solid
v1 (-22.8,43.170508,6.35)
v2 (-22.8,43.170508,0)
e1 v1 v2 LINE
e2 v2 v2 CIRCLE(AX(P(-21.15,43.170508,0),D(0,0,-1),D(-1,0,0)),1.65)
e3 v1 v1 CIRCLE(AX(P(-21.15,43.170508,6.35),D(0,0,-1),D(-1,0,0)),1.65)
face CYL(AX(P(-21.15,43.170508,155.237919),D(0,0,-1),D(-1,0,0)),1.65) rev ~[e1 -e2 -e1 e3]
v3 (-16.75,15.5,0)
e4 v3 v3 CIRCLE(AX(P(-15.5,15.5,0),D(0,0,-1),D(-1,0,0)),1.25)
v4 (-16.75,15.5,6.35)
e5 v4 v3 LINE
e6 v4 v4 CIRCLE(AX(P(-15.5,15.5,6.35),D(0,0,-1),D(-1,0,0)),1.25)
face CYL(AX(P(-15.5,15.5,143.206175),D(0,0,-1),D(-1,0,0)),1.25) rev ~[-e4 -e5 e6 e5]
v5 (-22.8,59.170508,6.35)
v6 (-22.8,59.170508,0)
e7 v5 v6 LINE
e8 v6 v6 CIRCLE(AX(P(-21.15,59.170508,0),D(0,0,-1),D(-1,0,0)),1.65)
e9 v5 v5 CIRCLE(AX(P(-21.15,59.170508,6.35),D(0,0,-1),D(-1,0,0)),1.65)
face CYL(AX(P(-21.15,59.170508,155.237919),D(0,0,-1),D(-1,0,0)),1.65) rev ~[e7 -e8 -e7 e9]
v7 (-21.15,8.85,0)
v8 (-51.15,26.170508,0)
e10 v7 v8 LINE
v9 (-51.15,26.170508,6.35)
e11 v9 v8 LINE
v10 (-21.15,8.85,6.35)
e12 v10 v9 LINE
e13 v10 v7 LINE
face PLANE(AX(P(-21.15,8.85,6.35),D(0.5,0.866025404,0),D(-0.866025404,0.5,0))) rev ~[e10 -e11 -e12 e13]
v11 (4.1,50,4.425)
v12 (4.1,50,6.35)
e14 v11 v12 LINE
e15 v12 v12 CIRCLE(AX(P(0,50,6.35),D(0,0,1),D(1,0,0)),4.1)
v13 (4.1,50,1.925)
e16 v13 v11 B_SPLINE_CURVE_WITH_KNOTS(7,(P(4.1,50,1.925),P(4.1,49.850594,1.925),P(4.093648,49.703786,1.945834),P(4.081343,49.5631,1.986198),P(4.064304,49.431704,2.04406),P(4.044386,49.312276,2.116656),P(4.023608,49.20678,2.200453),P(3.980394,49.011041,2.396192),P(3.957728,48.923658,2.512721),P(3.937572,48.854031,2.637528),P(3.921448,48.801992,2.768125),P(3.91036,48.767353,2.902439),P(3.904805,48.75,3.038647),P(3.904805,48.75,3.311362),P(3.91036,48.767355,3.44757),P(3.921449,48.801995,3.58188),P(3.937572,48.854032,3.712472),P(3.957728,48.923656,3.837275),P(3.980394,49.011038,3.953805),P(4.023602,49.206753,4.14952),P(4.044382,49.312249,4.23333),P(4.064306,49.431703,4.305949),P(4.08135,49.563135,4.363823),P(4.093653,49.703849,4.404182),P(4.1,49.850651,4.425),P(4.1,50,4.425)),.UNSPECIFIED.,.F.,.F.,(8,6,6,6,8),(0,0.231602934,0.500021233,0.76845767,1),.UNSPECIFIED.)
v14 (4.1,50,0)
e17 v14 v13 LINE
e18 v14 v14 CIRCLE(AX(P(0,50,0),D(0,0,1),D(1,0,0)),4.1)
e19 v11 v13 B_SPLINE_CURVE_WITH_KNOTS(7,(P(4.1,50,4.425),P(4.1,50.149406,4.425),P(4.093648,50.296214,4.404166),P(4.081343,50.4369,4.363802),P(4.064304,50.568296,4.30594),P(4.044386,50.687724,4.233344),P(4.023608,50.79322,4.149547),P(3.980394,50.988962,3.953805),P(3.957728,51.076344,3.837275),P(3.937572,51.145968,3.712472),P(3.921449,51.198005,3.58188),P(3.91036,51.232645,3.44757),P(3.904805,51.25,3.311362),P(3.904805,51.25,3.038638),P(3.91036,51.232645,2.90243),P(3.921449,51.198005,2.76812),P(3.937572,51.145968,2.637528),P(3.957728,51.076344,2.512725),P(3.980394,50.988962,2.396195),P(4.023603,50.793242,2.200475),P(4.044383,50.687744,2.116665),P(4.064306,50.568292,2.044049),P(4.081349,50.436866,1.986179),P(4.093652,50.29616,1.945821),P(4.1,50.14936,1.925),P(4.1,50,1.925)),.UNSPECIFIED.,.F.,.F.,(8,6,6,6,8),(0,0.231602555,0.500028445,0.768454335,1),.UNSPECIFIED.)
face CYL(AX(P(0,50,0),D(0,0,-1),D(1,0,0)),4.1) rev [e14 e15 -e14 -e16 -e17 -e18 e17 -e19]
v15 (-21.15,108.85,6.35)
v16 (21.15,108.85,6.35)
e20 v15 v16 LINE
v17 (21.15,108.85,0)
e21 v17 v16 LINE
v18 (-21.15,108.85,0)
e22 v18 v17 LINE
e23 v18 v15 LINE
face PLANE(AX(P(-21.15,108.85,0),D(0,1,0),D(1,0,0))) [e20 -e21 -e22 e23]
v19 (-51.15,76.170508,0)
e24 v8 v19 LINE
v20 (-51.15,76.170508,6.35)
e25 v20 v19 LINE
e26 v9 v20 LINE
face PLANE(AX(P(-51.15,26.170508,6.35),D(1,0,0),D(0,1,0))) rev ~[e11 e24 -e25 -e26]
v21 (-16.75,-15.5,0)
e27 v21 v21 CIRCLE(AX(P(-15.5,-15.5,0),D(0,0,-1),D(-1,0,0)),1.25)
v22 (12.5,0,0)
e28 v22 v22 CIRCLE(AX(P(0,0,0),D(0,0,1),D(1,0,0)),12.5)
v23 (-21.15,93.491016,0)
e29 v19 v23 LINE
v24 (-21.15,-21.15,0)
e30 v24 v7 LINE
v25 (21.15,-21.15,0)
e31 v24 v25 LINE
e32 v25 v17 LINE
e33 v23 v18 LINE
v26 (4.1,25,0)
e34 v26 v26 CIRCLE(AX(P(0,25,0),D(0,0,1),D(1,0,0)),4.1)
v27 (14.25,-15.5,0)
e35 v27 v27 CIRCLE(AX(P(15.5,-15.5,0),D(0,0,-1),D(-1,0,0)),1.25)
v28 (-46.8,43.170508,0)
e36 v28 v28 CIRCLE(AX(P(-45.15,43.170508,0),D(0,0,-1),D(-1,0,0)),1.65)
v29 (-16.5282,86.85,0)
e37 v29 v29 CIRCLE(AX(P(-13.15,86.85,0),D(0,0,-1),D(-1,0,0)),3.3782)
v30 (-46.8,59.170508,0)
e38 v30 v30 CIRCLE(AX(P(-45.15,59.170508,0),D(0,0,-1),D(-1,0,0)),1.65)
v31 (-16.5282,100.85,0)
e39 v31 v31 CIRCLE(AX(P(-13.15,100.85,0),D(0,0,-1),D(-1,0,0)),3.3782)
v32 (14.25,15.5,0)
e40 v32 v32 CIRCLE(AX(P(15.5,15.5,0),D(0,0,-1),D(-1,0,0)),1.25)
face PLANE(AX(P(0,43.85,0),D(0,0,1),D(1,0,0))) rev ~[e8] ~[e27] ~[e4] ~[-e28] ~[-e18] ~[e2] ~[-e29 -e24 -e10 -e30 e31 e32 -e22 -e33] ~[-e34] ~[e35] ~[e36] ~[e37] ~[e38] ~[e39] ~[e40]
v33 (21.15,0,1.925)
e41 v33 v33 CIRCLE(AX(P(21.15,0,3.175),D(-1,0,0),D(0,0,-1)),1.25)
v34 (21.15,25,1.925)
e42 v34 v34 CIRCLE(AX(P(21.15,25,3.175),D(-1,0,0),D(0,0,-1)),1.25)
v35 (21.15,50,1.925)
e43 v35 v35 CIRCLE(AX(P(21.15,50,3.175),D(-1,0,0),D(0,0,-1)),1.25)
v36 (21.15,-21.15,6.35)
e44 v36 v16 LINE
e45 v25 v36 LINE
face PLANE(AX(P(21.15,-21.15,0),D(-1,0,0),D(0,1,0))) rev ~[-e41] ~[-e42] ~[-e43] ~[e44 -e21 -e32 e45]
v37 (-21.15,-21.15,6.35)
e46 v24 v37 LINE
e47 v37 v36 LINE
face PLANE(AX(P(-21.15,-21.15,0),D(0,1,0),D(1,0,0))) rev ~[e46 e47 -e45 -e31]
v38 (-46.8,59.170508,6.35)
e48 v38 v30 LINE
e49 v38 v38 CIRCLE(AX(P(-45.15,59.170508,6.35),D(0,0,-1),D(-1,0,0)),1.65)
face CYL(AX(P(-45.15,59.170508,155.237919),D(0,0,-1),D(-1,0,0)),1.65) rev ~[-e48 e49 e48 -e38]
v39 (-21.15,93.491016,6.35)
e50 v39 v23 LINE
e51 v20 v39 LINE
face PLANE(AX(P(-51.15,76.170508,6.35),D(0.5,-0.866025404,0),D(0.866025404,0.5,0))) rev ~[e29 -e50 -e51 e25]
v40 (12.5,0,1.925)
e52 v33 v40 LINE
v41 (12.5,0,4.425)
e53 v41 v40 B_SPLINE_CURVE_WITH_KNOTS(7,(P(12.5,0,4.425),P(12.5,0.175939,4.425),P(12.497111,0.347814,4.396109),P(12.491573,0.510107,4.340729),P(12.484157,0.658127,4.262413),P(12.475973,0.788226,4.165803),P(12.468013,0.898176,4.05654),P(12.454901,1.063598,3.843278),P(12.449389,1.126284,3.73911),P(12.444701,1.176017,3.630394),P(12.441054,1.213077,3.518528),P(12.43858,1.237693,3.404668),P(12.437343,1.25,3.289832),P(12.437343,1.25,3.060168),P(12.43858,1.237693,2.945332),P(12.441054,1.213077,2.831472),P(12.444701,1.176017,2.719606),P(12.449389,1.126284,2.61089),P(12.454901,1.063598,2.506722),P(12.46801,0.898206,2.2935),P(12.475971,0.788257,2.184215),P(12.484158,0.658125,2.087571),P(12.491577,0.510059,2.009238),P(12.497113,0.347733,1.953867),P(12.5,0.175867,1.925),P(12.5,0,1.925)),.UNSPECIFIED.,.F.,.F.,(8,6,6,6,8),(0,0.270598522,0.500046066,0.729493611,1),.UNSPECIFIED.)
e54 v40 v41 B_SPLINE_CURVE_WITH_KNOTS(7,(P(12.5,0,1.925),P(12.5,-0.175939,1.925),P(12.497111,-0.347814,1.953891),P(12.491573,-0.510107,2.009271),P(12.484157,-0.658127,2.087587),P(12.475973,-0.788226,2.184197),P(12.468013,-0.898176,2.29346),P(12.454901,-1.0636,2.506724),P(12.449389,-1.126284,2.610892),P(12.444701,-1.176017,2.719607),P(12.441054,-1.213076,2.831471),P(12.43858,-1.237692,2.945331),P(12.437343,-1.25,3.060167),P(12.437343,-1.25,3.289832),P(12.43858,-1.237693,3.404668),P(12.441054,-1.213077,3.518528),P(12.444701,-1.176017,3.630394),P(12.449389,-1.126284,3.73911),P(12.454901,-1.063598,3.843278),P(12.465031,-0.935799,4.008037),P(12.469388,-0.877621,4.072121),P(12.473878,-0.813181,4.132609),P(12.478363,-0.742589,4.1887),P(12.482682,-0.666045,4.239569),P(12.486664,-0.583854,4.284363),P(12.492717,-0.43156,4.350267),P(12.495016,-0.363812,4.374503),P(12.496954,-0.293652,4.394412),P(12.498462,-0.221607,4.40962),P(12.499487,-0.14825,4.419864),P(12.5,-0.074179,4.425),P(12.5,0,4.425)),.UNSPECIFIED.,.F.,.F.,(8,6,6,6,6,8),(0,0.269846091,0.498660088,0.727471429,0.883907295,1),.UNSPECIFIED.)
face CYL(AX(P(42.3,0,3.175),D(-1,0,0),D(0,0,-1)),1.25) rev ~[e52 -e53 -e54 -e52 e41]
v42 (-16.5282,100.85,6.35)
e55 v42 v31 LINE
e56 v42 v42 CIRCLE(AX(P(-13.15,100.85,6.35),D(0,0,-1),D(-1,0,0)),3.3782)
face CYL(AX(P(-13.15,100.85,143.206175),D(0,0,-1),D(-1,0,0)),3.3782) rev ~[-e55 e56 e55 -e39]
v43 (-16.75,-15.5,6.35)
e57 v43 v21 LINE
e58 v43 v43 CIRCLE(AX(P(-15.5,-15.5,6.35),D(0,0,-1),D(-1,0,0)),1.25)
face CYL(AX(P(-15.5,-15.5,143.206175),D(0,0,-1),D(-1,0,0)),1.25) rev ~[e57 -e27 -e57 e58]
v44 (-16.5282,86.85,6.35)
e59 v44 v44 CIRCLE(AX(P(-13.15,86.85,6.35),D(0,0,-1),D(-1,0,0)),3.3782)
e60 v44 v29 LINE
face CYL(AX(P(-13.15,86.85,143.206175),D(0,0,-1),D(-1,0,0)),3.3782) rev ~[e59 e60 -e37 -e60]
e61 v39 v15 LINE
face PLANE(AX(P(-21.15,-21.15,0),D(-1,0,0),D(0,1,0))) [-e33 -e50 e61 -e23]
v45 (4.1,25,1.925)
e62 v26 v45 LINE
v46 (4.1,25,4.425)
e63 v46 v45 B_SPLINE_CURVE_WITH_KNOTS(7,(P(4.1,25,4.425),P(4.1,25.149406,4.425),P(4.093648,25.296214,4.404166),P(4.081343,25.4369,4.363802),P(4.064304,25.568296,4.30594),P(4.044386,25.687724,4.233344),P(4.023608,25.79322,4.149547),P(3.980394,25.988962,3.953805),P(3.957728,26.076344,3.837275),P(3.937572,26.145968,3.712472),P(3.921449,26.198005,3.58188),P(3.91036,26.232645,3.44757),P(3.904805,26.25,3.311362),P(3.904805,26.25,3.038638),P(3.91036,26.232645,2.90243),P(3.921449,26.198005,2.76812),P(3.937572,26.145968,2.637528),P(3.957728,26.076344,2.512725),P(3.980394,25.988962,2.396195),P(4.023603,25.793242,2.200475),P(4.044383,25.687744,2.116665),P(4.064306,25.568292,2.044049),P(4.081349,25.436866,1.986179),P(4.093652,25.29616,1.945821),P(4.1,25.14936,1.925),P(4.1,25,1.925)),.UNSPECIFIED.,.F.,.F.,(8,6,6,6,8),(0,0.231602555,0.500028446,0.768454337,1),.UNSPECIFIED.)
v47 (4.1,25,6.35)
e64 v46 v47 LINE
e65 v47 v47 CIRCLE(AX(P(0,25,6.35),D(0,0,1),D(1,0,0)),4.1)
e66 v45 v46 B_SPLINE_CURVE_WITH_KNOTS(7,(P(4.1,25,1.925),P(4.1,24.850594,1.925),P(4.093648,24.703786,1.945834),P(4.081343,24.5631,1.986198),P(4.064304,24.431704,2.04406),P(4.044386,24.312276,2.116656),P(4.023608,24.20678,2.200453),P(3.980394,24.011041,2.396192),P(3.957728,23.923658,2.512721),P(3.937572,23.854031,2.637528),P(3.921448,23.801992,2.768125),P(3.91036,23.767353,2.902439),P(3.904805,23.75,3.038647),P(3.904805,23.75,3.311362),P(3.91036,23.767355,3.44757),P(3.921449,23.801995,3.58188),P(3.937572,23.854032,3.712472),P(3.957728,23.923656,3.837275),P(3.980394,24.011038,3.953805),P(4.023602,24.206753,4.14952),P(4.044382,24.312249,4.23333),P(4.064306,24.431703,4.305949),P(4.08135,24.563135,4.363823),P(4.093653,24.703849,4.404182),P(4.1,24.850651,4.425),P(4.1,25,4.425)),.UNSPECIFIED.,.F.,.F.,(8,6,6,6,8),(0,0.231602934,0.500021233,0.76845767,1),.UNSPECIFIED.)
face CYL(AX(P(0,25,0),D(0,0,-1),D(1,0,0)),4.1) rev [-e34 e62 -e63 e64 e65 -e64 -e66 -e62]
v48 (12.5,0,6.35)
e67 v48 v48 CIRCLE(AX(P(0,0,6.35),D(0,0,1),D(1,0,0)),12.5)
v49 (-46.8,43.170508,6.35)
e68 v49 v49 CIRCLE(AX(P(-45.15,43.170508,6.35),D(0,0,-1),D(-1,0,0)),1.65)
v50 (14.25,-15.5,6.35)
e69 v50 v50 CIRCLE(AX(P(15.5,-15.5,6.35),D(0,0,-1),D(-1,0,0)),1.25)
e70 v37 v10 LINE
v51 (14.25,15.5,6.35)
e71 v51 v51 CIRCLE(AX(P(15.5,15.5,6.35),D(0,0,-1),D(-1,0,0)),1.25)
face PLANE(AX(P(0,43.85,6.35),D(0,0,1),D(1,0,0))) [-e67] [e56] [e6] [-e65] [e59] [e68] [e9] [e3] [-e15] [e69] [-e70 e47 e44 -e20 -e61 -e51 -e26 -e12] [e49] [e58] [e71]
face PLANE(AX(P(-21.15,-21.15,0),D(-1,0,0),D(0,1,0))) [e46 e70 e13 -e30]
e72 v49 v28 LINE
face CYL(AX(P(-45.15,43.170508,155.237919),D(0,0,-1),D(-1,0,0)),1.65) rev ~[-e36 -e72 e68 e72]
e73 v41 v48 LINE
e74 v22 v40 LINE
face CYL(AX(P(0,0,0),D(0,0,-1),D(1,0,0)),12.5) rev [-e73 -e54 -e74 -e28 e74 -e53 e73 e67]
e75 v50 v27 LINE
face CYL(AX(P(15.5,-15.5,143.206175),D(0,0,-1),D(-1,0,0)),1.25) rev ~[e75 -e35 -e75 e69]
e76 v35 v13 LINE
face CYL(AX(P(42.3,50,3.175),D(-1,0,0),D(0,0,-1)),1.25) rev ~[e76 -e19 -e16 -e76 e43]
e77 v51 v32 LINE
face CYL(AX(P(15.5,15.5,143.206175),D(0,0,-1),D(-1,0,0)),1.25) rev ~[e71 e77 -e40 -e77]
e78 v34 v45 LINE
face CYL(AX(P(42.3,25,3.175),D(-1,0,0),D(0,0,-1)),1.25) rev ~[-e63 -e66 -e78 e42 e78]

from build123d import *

# Parameters (mm, degrees)
SKETCH2_W                       = 42.3
SKETCH2_H                       = 130
SKETCH2_R                       = 12.5
SKETCH2_R_2                     = 4.1
BOSS_EXTRUDE1_DEPTH             = 6.35
TAP_DRILL_FOR_M3X0_5_TAP1_D     = 2.5
TAP_DRILL_FOR_M3X0_5_TAP1_DEPTH = 21.15
TAP_DRILL_FOR_M3X0_5_TAP1_TIP   = 0.751075774
TAP_DRILL_FOR_M3X0_5_TAP2_D     = 2.5
F_1_4_CLEARANCE_HOLE1_D         = 6.7564
BOSS_EXTRUDE2_DEPTH             = 6.35
TAP_DRILL_FOR_M4X0_7_TAP1_D     = 3.3


with BuildPart() as part:
    # Sketch2 → Boss-Extrude1 (new body)
    with BuildSketch(Plane.XY):
        with Locations((0, 43.85)):
            Rectangle(SKETCH2_W, SKETCH2_H)
        Circle(SKETCH2_R, mode=Mode.SUBTRACT)
        with Locations((0, 25)):
            Circle(SKETCH2_R_2, mode=Mode.SUBTRACT)
        with Locations((0, 50)):
            Circle(SKETCH2_R_2, mode=Mode.SUBTRACT)
    extrude(amount=BOSS_EXTRUDE1_DEPTH)

    # Tap Drill for M3x0.5 Tap1
    with Locations(Plane(origin=(21.15, 0, 0), x_dir=(0, 0, 1), z_dir=(1, 0, 0))):
        with Locations((3.175, -50), (3.175, 0), (3.175, -25)):
            Hole(TAP_DRILL_FOR_M3X0_5_TAP1_D / 2, depth=TAP_DRILL_FOR_M3X0_5_TAP1_DEPTH)
            with Locations((0, 0, -(TAP_DRILL_FOR_M3X0_5_TAP1_DEPTH + TAP_DRILL_FOR_M3X0_5_TAP1_TIP / 2))):  # 118° drill point
                Cone(0, TAP_DRILL_FOR_M3X0_5_TAP1_D / 2, TAP_DRILL_FOR_M3X0_5_TAP1_TIP, mode=Mode.SUBTRACT)

    # Tap Drill for M3x0.5 Tap2 (through all)
    with Locations(Plane.XY.offset(6.35)):
        with Locations((-15.5, 15.5), (-15.5, -15.5), (15.5, -15.5), (15.5, 15.5)):
            Hole(TAP_DRILL_FOR_M3X0_5_TAP2_D / 2)

    # 1/4 Clearance Hole1 (through all)
    with Locations(Plane.XY.offset(6.35)):
        with Locations((-13.15, 86.85), (-13.15, 100.85)):
            Hole(F_1_4_CLEARANCE_HOLE1_D / 2)

    # Sketch13 → Boss-Extrude2 (add)
    with BuildSketch(Plane.XY.offset(6.35)):
        Polygon((-21.15, 8.85), (-51.15, 26.170508076), (-51.15, 76.170508076), (-21.15, 93.491016151), align=None)
    extrude(amount=-BOSS_EXTRUDE2_DEPTH)

    # Tap Drill for M4x0.7 Tap1 (through all)
    with Locations(Plane.XY.offset(6.35)):
        with Locations((-45.15, 59.170508076), (-21.15, 59.170508076), (-21.15, 43.170508076), (-45.15, 43.170508076)):
            Hole(TAP_DRILL_FOR_M4X0_7_TAP1_D / 2)


solid = part.part
